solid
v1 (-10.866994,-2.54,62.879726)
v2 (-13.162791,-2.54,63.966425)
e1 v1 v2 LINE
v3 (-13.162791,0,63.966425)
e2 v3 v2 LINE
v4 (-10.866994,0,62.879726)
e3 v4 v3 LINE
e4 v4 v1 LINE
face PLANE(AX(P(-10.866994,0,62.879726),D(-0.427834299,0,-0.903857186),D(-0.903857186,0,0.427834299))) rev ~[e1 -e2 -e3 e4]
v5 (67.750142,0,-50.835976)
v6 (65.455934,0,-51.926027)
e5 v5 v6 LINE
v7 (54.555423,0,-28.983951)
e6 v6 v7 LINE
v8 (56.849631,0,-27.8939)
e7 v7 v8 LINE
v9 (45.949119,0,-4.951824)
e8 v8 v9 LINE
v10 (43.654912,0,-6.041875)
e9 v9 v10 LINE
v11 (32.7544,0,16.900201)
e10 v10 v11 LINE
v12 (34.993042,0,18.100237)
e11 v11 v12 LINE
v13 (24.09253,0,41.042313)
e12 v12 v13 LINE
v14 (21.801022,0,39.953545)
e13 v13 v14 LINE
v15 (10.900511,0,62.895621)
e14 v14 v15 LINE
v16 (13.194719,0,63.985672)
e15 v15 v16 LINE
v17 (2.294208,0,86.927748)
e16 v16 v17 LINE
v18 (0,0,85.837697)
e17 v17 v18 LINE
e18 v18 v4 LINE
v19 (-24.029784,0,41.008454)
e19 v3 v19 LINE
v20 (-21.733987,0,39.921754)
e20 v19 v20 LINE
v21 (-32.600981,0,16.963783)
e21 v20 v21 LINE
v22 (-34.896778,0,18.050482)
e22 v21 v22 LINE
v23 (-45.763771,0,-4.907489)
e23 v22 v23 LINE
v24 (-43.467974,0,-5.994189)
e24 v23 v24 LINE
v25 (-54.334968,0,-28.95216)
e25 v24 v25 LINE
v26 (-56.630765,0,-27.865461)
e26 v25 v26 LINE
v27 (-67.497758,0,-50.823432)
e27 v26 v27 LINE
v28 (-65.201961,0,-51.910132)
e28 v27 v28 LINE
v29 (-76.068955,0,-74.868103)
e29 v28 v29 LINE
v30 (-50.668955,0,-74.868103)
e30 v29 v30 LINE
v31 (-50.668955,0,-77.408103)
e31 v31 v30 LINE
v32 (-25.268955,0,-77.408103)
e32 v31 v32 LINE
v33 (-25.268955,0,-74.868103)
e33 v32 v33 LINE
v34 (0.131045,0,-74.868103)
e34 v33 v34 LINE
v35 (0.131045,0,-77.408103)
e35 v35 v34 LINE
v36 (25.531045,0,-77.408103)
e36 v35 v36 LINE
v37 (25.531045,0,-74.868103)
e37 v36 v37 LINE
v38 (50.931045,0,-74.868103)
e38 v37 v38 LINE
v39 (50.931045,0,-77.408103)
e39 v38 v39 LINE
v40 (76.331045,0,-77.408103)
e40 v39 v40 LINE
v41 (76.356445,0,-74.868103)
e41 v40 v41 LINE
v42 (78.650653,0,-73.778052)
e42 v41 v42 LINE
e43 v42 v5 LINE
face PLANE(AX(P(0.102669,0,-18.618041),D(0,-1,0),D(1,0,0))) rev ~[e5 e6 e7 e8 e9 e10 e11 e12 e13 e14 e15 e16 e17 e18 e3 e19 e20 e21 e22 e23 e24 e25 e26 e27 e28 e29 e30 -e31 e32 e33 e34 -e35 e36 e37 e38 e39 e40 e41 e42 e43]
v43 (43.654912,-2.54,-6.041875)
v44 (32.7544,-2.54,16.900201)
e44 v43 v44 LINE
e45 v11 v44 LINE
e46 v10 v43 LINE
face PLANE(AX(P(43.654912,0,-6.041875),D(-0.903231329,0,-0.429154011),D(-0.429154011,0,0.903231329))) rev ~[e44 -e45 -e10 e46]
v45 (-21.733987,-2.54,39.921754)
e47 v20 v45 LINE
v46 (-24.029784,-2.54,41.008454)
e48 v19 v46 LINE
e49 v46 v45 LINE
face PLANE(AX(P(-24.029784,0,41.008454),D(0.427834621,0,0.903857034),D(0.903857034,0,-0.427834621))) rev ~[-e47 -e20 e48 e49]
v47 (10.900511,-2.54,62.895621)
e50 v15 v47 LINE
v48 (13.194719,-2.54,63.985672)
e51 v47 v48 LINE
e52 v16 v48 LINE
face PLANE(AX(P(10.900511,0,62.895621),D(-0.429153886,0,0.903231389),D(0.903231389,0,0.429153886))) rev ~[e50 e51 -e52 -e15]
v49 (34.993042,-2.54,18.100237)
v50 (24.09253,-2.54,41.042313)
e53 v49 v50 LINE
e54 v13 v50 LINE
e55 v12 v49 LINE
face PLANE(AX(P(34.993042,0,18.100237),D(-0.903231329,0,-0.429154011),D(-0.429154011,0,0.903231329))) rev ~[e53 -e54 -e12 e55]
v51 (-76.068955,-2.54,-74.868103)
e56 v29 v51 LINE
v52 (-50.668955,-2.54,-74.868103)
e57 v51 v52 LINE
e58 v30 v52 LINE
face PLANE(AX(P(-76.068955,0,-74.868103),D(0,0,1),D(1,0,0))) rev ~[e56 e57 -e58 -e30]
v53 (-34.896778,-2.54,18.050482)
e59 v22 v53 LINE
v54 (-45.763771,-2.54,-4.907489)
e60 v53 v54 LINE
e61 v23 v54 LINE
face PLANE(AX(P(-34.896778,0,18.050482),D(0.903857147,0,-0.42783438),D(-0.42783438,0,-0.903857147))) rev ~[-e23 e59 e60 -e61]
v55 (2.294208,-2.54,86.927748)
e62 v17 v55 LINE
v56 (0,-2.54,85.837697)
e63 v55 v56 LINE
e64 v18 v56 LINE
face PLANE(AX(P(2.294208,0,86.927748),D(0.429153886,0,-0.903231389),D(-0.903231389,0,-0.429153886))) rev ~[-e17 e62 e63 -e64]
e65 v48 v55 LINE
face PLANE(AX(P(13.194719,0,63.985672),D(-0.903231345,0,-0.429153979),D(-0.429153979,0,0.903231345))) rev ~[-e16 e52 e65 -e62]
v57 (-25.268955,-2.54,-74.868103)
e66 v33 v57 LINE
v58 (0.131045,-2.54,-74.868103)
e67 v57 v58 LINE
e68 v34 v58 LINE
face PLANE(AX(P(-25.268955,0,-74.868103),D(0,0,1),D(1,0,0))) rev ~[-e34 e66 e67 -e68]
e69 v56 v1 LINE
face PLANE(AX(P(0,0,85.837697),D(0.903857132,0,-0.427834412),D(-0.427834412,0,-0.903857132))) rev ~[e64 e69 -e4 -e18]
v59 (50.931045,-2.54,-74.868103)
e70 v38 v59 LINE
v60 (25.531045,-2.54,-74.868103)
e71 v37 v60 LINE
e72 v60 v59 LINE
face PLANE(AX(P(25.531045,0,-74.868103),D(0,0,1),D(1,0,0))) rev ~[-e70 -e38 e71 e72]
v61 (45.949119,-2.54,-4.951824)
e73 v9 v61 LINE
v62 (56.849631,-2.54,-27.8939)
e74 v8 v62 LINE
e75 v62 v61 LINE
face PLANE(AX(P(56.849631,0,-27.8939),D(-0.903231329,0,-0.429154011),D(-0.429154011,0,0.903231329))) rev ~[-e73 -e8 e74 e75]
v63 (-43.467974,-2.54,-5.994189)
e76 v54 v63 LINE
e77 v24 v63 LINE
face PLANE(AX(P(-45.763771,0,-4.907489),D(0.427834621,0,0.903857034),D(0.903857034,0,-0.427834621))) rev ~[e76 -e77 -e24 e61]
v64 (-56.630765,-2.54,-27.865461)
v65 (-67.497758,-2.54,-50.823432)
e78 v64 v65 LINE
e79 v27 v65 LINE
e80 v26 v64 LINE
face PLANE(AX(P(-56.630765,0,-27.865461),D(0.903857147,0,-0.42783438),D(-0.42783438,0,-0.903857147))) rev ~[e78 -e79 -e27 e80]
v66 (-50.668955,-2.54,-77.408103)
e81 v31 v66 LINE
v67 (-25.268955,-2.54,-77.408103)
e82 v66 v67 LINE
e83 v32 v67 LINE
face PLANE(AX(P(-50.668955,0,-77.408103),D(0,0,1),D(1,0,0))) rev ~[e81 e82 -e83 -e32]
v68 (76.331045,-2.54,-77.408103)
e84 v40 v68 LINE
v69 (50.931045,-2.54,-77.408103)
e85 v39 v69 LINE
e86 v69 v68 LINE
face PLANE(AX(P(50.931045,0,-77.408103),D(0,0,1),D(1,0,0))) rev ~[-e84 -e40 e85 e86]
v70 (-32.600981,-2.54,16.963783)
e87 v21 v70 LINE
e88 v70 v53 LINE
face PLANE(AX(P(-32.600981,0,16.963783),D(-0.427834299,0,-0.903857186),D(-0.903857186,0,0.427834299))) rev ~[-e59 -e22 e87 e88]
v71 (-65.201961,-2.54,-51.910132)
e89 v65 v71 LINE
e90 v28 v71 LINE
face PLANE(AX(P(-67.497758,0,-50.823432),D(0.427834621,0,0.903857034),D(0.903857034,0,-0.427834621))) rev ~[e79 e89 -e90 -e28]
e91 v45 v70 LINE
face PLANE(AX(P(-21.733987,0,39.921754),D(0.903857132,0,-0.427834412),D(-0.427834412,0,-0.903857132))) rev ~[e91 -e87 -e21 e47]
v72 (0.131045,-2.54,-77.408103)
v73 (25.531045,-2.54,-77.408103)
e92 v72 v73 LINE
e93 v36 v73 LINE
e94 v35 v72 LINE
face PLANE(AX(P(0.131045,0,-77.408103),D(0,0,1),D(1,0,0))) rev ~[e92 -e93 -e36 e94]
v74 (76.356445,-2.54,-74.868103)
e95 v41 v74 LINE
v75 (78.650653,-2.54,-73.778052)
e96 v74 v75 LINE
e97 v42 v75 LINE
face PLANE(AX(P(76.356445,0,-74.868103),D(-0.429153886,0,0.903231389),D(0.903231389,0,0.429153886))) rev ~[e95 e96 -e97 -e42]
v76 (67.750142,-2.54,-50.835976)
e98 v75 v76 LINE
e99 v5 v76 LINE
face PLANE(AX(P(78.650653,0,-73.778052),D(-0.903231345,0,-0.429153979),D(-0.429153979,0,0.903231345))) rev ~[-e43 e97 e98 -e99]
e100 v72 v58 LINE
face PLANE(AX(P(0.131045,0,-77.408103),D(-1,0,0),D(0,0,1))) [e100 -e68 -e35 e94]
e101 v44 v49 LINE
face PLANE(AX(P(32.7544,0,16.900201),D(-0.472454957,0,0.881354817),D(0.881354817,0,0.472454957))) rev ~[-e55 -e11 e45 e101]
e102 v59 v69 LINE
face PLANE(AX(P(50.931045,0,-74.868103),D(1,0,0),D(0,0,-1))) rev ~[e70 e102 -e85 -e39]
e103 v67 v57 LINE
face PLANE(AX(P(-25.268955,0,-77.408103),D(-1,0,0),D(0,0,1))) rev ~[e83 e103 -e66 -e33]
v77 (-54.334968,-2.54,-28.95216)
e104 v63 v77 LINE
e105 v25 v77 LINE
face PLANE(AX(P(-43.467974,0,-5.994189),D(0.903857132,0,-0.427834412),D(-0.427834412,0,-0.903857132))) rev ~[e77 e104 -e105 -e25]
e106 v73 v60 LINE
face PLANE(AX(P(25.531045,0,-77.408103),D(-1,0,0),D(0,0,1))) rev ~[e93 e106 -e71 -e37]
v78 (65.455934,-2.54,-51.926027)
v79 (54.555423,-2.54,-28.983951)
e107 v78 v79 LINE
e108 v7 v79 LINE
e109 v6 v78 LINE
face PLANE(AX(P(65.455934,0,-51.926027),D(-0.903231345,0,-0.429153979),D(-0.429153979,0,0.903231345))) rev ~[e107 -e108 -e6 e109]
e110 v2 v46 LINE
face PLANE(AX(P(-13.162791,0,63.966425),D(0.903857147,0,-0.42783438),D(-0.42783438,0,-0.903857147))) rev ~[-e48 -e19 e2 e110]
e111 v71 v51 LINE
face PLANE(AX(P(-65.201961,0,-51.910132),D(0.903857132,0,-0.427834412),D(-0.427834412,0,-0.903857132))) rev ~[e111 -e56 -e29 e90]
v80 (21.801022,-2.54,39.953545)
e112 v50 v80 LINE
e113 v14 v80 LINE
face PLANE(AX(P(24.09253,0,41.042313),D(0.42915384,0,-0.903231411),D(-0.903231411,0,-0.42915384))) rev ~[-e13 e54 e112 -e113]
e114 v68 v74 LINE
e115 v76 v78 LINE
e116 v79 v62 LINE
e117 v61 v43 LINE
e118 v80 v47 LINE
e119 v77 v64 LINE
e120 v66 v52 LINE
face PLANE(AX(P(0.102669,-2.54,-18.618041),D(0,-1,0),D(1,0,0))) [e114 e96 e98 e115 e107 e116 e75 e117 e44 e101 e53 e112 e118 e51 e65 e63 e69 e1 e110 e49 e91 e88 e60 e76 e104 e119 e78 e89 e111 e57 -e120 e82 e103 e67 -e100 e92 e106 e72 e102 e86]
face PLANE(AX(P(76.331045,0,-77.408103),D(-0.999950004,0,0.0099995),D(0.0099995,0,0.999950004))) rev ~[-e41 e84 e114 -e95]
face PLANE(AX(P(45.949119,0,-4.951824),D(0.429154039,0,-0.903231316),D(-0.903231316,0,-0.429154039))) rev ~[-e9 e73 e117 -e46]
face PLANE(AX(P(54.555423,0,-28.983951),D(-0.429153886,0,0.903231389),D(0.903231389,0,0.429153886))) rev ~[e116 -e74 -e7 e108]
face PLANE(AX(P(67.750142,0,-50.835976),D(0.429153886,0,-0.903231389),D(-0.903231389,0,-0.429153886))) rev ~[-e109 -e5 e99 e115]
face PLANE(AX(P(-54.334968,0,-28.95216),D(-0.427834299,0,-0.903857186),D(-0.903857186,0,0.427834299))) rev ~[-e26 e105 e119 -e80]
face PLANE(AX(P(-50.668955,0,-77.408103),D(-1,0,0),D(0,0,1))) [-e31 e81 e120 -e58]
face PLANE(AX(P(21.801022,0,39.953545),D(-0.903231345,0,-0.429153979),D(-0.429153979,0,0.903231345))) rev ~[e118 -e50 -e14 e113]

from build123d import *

# Parameters (mm, degrees)
F0_W     = 25.4
F0_H     = 2.54
F1_DEPTH = 2.54


with BuildPart() as f1:
    # F0 (on Front) → F1 (new body)
    with BuildSketch(Plane.XZ):
        Polygon((10.900511, 62.895621), (0, 85.837697), (-10.866994, 62.879726), (-21.733987, 39.921754), (-32.600981, 16.963783), (-43.467974, -5.994189), (-54.334968, -28.95216), (-65.201961, -51.910132), (-76.068955, -74.868103), (-50.668955, -74.868103), (-25.268955, -74.868103), (0.131045, -74.868103), (25.531045, -74.868103), (50.931045, -74.868103), (76.356445, -74.868103), (65.455934, -51.926027), (54.555423, -28.983951), (43.654912, -6.041875), (32.7544, 16.900201), (21.801022, 39.953545), align=None)
        Polygon((2.294208, 86.927748), (0, 85.837697), (10.900511, 62.895621), (13.194719, 63.985672), align=None)
        Polygon((-21.733987, 39.921754), (-10.866994, 62.879726), (-13.162791, 63.966425), (-24.029784, 41.008454), align=None)
        Polygon((24.09253, 41.042313), (21.801022, 39.953545), (32.7544, 16.900201), (34.993042, 18.100237), align=None)
        Polygon((-43.467974, -5.994189), (-32.600981, 16.963783), (-34.896778, 18.050482), (-45.763771, -4.907489), align=None)
        Polygon((45.949119, -4.951824), (43.654912, -6.041875), (54.555423, -28.983951), (56.849631, -27.8939), align=None)
        Polygon((-65.201961, -51.910132), (-54.334968, -28.95216), (-56.630765, -27.865461), (-67.497758, -50.823432), align=None)
        Polygon((67.750142, -50.835976), (65.455934, -51.926027), (76.356445, -74.868103), (78.650653, -73.778052), align=None)
        Polygon((76.331045, -77.408103), (76.356445, -74.868103), (50.931045, -74.868103), (50.931045, -77.408103), align=None)
        with Locations((-37.968955, -76.138103)):
            Rectangle(F0_W, F0_H)
        with Locations((12.831045, -76.138103)):
            Rectangle(F0_W, F0_H)
    extrude(amount=F1_DEPTH)


solid = f1.part
